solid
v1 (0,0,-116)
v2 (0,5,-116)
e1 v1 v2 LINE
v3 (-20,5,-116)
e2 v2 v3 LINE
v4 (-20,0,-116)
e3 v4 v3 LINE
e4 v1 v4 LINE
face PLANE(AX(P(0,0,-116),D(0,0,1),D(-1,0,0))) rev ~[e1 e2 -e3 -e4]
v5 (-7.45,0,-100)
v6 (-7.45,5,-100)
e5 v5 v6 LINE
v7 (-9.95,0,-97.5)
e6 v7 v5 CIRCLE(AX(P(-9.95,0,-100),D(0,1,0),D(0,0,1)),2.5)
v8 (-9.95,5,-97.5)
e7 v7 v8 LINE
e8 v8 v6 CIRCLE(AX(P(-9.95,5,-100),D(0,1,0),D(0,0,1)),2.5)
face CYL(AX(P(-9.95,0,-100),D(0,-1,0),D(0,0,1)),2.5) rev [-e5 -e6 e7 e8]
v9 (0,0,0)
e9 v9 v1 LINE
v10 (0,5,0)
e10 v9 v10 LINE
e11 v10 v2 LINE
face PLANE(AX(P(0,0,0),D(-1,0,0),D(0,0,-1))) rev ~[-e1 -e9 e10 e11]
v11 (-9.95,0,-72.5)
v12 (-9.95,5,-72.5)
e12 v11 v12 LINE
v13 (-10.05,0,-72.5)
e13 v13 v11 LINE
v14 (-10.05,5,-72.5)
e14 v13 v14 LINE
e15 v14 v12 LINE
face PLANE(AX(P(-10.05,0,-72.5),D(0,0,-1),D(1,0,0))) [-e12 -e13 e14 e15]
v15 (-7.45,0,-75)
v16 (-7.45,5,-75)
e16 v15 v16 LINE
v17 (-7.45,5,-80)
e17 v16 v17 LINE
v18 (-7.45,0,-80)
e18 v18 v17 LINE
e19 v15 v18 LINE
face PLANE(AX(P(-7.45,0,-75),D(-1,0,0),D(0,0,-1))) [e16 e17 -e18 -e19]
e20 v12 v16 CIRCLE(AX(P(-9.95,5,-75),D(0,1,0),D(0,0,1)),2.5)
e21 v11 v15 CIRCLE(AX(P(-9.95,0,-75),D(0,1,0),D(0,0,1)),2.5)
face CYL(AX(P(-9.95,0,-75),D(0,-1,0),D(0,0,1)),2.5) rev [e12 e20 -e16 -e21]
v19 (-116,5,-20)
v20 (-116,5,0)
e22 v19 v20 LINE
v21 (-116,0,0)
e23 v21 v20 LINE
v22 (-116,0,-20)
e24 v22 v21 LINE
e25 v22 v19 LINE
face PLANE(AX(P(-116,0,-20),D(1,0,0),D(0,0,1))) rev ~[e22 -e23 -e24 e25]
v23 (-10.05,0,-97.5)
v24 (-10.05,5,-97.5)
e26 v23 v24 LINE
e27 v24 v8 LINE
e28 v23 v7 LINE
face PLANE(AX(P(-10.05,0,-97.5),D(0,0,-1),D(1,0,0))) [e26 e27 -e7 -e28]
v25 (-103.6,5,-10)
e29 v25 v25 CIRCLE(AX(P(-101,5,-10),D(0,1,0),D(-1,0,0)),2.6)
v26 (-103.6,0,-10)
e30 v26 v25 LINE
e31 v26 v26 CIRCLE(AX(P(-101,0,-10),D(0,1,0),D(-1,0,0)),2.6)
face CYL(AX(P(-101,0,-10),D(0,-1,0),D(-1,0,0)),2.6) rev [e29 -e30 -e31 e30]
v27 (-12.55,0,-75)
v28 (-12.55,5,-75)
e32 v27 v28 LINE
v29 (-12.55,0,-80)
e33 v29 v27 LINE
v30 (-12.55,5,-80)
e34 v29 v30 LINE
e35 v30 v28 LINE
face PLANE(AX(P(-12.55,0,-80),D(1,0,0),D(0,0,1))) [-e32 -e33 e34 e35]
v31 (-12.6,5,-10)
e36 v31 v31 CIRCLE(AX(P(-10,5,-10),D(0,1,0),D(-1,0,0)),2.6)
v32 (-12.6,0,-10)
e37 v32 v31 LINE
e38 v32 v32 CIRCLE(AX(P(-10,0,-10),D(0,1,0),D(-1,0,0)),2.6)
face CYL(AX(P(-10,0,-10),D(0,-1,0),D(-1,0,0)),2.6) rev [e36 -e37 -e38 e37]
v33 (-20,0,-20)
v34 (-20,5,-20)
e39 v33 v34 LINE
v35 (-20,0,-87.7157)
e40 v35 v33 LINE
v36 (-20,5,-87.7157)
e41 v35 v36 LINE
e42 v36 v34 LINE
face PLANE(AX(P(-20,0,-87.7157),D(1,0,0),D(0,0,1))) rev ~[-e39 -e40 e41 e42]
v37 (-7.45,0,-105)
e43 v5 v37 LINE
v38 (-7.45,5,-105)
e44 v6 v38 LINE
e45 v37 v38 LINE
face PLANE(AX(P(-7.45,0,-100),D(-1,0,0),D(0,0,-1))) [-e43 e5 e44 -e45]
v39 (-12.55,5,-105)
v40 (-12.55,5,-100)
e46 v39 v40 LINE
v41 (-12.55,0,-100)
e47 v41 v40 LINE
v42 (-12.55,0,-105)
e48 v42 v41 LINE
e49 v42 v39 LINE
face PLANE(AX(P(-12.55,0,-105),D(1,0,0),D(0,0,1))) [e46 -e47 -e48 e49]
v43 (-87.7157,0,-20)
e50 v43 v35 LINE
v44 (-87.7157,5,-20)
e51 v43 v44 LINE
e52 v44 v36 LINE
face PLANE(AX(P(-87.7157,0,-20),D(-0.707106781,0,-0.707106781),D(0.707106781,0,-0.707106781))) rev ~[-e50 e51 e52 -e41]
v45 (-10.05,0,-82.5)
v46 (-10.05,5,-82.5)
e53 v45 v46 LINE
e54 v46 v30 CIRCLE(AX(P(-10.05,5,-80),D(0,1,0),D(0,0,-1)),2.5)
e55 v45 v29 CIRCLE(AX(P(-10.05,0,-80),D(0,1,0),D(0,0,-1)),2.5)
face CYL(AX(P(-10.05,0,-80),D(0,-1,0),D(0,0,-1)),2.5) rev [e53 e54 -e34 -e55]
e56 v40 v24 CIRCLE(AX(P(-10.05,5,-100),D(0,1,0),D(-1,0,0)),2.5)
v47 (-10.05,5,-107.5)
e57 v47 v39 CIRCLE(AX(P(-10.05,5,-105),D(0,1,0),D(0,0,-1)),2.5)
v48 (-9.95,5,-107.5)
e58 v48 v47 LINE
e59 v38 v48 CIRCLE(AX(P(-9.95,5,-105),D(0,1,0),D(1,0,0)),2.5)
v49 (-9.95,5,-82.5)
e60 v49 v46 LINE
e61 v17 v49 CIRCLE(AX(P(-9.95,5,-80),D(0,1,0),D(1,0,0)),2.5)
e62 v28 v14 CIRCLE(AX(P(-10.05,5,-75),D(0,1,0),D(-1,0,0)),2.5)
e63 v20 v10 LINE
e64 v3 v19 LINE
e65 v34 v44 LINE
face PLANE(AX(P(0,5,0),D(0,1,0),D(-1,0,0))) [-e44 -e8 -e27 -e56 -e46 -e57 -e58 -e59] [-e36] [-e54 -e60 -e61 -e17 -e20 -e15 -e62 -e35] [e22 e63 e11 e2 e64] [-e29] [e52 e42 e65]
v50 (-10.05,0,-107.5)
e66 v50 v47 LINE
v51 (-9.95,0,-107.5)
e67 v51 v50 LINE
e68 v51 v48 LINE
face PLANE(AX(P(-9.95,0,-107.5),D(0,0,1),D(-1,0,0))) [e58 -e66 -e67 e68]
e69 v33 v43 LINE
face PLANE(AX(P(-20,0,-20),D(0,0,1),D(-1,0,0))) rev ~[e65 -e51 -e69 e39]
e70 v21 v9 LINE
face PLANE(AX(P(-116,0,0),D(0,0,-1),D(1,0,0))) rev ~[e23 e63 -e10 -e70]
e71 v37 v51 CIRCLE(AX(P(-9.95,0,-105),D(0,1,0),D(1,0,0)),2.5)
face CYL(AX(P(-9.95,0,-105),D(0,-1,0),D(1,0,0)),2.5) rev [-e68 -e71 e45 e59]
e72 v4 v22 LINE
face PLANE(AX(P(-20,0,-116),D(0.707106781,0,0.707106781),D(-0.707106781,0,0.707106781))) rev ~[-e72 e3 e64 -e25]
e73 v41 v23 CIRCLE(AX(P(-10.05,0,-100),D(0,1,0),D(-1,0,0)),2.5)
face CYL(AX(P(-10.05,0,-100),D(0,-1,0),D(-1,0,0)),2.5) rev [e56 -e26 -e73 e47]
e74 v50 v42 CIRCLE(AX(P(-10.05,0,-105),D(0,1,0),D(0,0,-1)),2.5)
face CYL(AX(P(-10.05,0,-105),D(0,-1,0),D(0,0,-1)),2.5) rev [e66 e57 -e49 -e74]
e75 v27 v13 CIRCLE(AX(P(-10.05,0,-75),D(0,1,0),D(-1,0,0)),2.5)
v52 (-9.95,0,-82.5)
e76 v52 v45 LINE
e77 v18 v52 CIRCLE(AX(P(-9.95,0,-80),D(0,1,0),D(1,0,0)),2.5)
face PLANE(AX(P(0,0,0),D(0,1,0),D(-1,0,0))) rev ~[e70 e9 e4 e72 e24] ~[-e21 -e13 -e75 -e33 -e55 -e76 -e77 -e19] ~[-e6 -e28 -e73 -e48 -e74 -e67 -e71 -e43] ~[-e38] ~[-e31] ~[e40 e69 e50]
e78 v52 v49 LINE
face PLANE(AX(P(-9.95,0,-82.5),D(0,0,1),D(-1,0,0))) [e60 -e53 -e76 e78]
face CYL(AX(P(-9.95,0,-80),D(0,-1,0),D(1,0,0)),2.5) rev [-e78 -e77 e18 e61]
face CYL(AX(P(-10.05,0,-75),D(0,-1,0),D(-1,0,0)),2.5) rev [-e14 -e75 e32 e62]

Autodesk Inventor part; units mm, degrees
ref_plane "YZ Plane" through (0, 0, 0) normal (1, 0, 0) x (0, 1, 0)
ref_plane "XZ Plane" through (0, 0, 0) normal (0, 1, 0) x (-1, 0, 0)
ref_plane "XY Plane" through (0, 0, 0) normal (0, 0, 1) x (1, 0, 0)
sketch "Sketch1" plane through (0, 0, 0) normal (0, 1, 0) x (-1, 0, 0)
  line L0 (0, 0) -> (0, -116)
  line L1 (0, -116) -> (20, -116)
  line L2 (20, -116) -> (116, -20)
  line L3 (116, -20) -> (116, 0)
  line L4 (116, 0) -> (0, 0)
  circle A0 centre (101, -10) radius 2.6
  circle A1 centre (10, -10) radius 2.6
  line L5 (10.05, -97.5) -> (9.95, -97.5)
  line L6 (7.45, -100) -> (7.45, -105)
  line L7 (9.95, -107.5) -> (10.05, -107.5)
  line L8 (12.55, -105) -> (12.55, -100)
  arc A2 (10.05, -107.5) -> (12.55, -105) centre (10.05, -105) ccw
  arc A3 (7.45, -105) -> (9.95, -107.5) centre (9.95, -105) ccw
  arc A4 (12.55, -100) -> (10.05, -97.5) centre (10.05, -100) ccw
  arc A5 (9.95, -97.5) -> (7.45, -100) centre (9.95, -100) ccw
  line L9 (10.05, -72.5) -> (9.95, -72.5)
  arc A6 (12.55, -75) -> (10.05, -72.5) centre (10.05, -75) ccw
  arc A7 (9.95, -72.5) -> (7.45, -75) centre (9.95, -75) ccw
  line L10 (7.45, -75) -> (7.45, -80)
  line L11 (12.55, -80) -> (12.55, -75)
  line L12 (9.95, -82.5) -> (10.05, -82.5)
  arc A8 (10.05, -82.5) -> (12.55, -80) centre (10.05, -80) ccw
  arc A9 (7.45, -80) -> (9.95, -82.5) centre (9.95, -80) ccw
  line L13 (87.7157, -20) -> (20, -87.7157)
  line L14 (20, -87.7157) -> (20, -20)
  line L15 (20, -20) -> (87.7157, -20)
  point P0 (10, -97.5)
  point P1 (10, -107.5)
  point P2 (10, -72.5)
  point P3 (10, -82.5)
  dimension "d0" = 116
  dimension "d1" = 20
  dimension "d2" = 116
  dimension "d3" = 20
  dimension "d4" = 5.2
  dimension "d5" = 10
  dimension "d6" = 15
  dimension "d7" = 5.2
  dimension "d8" = 10
  dimension "d9" = 10
  dimension "d10" = 10
  dimension "d11" = 8.5
  dimension "d12" = 2.5
  dimension "d13" = 5.1
  dimension "d14" = 2.5
  dimension "d15" = 10
  dimension "d18" = 25
  dimension "d27" = 20
extrude "Extrusion1" add sketch "Sketch1" along normal blind 5
properties part number "Escuadra soporte motor"
